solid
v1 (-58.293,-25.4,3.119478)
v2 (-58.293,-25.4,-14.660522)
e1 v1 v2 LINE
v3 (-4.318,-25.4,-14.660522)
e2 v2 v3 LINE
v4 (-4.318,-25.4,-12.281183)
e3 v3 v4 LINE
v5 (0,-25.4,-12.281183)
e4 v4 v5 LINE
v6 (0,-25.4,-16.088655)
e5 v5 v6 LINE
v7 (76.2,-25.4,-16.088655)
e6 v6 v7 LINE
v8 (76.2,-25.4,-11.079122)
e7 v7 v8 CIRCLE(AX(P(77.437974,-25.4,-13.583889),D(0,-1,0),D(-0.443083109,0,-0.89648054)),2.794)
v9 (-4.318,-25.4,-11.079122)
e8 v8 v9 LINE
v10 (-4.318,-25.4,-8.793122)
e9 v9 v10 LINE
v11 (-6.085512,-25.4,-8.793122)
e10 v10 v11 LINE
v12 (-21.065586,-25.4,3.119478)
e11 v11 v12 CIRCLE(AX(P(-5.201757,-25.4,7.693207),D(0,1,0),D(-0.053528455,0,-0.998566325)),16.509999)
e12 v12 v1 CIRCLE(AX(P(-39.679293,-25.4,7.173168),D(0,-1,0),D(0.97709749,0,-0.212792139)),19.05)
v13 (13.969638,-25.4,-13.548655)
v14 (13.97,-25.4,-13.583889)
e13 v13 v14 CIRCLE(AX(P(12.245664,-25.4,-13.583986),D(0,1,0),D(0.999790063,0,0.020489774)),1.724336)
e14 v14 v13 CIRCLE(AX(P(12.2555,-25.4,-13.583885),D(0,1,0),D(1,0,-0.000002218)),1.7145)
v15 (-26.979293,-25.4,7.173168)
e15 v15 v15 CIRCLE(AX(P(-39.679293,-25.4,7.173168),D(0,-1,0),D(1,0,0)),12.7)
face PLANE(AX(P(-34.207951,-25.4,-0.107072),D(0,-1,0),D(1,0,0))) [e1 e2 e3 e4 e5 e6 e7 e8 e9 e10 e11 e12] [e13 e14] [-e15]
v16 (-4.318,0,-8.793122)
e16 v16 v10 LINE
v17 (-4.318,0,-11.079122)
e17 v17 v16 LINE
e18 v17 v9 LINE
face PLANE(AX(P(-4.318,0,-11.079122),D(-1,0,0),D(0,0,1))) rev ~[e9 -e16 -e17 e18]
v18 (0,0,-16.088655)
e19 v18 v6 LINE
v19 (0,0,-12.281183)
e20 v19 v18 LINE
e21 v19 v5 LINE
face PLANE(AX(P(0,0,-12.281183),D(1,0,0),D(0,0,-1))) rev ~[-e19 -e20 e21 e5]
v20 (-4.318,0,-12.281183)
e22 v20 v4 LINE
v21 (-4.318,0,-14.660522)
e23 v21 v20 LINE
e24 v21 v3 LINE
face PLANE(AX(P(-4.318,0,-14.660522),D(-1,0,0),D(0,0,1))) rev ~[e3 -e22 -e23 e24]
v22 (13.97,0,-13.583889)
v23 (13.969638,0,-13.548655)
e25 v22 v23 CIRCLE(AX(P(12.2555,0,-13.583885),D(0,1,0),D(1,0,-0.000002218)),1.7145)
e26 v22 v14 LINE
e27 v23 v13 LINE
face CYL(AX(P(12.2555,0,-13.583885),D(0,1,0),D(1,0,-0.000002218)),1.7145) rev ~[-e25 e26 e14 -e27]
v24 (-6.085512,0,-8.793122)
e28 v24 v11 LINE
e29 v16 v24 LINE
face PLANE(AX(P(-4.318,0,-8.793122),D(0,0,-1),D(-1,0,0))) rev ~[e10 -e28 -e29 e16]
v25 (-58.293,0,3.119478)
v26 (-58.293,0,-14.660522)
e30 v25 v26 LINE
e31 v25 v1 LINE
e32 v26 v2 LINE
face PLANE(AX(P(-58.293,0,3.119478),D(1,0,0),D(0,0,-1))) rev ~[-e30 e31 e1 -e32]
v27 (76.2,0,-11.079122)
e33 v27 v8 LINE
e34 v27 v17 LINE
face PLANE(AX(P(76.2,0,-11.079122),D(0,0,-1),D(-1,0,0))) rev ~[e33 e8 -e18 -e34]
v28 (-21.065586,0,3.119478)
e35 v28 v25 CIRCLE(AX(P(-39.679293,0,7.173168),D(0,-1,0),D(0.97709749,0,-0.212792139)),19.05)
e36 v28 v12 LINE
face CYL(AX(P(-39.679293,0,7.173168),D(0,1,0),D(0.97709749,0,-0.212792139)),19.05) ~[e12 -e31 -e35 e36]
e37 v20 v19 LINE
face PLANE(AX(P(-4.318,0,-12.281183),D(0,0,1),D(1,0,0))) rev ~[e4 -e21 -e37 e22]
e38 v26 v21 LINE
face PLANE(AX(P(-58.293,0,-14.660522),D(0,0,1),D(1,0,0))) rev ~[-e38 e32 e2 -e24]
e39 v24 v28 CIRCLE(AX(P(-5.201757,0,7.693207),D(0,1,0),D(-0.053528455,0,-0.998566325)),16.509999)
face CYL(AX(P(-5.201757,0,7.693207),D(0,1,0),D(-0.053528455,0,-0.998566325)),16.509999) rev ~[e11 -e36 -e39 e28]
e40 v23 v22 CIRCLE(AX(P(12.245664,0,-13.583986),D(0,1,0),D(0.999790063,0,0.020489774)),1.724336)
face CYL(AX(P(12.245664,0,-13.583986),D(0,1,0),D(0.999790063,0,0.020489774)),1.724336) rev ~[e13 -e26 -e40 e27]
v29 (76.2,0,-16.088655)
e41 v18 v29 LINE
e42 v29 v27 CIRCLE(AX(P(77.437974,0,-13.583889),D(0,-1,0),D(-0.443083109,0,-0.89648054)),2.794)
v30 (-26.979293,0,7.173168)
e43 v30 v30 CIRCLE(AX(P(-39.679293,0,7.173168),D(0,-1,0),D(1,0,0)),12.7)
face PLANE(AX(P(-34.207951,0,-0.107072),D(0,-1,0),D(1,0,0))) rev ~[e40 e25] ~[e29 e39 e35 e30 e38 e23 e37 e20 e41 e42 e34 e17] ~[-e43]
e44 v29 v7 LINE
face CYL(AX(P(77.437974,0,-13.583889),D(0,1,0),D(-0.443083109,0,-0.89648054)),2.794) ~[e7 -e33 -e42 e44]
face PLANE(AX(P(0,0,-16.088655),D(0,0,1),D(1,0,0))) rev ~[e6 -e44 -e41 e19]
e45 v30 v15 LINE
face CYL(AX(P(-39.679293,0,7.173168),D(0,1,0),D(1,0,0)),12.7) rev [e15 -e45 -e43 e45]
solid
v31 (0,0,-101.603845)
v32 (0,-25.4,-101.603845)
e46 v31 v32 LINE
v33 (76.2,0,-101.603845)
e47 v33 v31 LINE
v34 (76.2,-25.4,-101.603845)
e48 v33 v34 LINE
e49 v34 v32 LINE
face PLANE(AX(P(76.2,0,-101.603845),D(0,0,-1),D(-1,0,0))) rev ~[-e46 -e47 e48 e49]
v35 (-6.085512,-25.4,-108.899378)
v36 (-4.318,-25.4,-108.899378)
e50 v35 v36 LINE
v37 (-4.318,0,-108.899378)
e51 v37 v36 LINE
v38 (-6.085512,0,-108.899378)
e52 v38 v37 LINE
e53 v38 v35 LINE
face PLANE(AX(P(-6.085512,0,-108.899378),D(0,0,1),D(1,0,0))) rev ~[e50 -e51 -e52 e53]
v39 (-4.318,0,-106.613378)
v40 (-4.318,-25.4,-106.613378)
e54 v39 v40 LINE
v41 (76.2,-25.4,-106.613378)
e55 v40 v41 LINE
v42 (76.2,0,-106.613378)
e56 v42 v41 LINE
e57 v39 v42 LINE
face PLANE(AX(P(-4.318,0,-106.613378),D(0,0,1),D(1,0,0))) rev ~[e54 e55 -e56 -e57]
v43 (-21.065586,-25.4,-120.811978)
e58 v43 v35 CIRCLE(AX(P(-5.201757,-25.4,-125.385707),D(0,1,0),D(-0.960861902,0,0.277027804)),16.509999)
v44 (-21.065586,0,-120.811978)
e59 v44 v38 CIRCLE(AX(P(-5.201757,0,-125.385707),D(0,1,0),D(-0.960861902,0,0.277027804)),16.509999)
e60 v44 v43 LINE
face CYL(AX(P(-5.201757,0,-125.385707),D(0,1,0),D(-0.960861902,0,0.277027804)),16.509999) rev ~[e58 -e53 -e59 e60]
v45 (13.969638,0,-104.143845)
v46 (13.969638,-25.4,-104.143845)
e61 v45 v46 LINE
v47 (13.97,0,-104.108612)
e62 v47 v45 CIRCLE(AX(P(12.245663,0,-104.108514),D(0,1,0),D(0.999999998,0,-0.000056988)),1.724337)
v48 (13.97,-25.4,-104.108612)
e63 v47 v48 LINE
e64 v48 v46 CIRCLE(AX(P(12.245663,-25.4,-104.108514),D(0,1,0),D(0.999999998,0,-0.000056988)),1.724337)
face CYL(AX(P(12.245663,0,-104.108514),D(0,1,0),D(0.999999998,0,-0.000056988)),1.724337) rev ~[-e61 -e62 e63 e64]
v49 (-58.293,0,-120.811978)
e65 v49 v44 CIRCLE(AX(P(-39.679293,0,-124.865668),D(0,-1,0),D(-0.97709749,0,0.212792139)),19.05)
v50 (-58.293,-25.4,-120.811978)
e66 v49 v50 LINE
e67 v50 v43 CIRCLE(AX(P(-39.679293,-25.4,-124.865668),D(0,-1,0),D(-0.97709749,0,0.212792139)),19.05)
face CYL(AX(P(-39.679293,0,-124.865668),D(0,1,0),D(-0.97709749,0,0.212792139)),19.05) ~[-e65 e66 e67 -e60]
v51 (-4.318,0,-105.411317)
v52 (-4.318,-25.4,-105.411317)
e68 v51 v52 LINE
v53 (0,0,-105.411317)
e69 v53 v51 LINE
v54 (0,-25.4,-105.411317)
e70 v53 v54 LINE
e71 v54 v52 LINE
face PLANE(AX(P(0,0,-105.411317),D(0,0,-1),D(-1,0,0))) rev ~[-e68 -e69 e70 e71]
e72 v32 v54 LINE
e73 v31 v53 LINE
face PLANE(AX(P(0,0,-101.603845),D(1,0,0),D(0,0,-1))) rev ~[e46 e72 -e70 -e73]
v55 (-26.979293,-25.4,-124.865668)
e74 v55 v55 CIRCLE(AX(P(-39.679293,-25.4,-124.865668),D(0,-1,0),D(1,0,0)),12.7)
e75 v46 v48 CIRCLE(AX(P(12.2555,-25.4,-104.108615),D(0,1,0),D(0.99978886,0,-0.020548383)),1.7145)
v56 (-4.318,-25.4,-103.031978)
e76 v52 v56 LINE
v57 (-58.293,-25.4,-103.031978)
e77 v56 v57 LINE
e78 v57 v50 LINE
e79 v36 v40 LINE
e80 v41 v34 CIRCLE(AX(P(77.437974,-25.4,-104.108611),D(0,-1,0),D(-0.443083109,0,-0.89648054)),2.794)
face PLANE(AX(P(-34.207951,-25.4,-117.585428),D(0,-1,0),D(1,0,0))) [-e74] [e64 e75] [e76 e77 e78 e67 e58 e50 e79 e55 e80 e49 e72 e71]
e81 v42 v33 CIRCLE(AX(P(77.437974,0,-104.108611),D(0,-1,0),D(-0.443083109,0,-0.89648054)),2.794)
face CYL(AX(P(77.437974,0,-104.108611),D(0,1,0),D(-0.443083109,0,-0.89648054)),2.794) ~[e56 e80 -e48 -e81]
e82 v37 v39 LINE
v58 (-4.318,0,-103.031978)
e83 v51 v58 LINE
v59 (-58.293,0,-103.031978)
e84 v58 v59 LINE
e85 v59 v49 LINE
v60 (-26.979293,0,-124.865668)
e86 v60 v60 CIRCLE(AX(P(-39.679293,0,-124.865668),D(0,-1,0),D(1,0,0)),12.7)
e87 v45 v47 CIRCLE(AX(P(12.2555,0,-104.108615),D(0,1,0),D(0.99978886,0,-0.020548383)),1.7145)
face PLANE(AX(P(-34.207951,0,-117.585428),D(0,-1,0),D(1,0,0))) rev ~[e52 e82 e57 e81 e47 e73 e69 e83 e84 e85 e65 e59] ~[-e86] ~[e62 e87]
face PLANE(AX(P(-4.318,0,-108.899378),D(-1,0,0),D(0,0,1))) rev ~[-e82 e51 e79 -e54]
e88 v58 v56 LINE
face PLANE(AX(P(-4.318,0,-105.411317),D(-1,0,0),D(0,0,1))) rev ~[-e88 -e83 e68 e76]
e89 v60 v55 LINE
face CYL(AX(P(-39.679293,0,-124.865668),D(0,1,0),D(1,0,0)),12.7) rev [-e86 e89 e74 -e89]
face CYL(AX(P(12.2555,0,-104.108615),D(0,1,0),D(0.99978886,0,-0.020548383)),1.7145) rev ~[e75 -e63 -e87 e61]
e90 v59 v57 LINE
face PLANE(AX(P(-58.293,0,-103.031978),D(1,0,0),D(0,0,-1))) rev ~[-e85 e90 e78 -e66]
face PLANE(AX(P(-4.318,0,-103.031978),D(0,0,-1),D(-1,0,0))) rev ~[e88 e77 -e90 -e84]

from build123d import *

# Parameters (mm, degrees)
F0_R     = 12.7
F1_DEPTH = 25.4


with BuildPart() as f1:
    # F0 (on Front) → F1 (new body)
    with BuildSketch(Plane.XZ):
        with BuildLine():
            Line((-58.293, 3.119478), (-58.293, -14.660522))
            Line((-58.293, -14.660522), (-4.318, -14.660522))
            Line((-4.318, -14.660522), (-4.318, -12.281183))
            Line((-4.318, -12.281183), (-4.318, -11.079122))
            Line((-4.318, -11.079122), (-4.318, -8.793122))
            ThreePointArc((-4.318, -8.793122), (-5.201756, -8.816792), (-6.085512, -8.793122))
            ThreePointArc((-6.085512, -8.793122), (-15.477841, -5.228951), (-21.065586, 3.119478))
            ThreePointArc((-21.065586, 3.119478), (-39.679293, 26.223168), (-58.293, 3.119478))
        make_face()
        with Locations((-39.679293, 7.173168)):
            Circle(F0_R, mode=Mode.SUBTRACT)
        with BuildLine():
            Line((-4.318, -11.079122), (-4.318, -12.281183))
            Line((-4.318, -12.281183), (0, -12.281183))
            Line((0, -12.281183), (0, -16.088655))
            Line((0, -16.088655), (76.2, -16.088655))
            ThreePointArc((76.2, -16.088655), (80.231974, -13.583889), (76.2, -11.079122))
            Line((76.2, -11.079122), (-4.318, -11.079122))
        make_face()
        with BuildLine():
            ThreePointArc((13.969638, -13.548655), (13.969909, -13.566271), (13.97, -13.583889))
            ThreePointArc((13.97, -13.583889), (10.541091, -13.601506), (13.969638, -13.548655))
        make_face(mode=Mode.SUBTRACT)
        with BuildLine():
            Line((-4.318, -8.793122), (-6.085512, -8.793122))
            ThreePointArc((-6.085512, -8.793122), (-5.201756, -8.816792), (-4.318, -8.793122))
        make_face()
        with BuildLine():
            Line((-4.318, -105.411317), (-4.318, -103.031978))
            Line((-4.318, -103.031978), (-58.293, -103.031978))
            Line((-58.293, -103.031978), (-58.293, -120.811978))
            ThreePointArc((-58.293, -120.811978), (-39.679293, -143.915668), (-21.065586, -120.811978))
            ThreePointArc((-21.065586, -120.811978), (-15.477841, -112.463549), (-6.085512, -108.899378))
            ThreePointArc((-6.085512, -108.899378), (-5.201756, -108.875708), (-4.318, -108.899378))
            Line((-4.318, -108.899378), (-4.318, -106.613378))
            Line((-4.318, -106.613378), (-4.318, -105.411317))
        make_face()
        with Locations((-39.679293, -124.865668)):
            Circle(F0_R, mode=Mode.SUBTRACT)
        with BuildLine():
            Line((0, -105.411317), (-4.318, -105.411317))
            Line((-4.318, -105.411317), (-4.318, -106.613378))
            Line((-4.318, -106.613378), (76.2, -106.613378))
            ThreePointArc((76.2, -106.613378), (80.231974, -104.108612), (76.2, -101.603845))
            Line((76.2, -101.603845), (0, -101.603845))
            Line((0, -101.603845), (0, -105.411317))
        make_face()
        with BuildLine():
            ThreePointArc((13.969638, -104.143845), (10.541091, -104.090994), (13.97, -104.108612))
            ThreePointArc((13.97, -104.108612), (13.969909, -104.126229), (13.969638, -104.143845))
        make_face(mode=Mode.SUBTRACT)
        with BuildLine():
            Line((-6.085512, -108.899378), (-4.318, -108.899378))
            ThreePointArc((-4.318, -108.899378), (-5.201756, -108.875708), (-6.085512, -108.899378))
        make_face()
    extrude(amount=F1_DEPTH)


solid = f1.part
